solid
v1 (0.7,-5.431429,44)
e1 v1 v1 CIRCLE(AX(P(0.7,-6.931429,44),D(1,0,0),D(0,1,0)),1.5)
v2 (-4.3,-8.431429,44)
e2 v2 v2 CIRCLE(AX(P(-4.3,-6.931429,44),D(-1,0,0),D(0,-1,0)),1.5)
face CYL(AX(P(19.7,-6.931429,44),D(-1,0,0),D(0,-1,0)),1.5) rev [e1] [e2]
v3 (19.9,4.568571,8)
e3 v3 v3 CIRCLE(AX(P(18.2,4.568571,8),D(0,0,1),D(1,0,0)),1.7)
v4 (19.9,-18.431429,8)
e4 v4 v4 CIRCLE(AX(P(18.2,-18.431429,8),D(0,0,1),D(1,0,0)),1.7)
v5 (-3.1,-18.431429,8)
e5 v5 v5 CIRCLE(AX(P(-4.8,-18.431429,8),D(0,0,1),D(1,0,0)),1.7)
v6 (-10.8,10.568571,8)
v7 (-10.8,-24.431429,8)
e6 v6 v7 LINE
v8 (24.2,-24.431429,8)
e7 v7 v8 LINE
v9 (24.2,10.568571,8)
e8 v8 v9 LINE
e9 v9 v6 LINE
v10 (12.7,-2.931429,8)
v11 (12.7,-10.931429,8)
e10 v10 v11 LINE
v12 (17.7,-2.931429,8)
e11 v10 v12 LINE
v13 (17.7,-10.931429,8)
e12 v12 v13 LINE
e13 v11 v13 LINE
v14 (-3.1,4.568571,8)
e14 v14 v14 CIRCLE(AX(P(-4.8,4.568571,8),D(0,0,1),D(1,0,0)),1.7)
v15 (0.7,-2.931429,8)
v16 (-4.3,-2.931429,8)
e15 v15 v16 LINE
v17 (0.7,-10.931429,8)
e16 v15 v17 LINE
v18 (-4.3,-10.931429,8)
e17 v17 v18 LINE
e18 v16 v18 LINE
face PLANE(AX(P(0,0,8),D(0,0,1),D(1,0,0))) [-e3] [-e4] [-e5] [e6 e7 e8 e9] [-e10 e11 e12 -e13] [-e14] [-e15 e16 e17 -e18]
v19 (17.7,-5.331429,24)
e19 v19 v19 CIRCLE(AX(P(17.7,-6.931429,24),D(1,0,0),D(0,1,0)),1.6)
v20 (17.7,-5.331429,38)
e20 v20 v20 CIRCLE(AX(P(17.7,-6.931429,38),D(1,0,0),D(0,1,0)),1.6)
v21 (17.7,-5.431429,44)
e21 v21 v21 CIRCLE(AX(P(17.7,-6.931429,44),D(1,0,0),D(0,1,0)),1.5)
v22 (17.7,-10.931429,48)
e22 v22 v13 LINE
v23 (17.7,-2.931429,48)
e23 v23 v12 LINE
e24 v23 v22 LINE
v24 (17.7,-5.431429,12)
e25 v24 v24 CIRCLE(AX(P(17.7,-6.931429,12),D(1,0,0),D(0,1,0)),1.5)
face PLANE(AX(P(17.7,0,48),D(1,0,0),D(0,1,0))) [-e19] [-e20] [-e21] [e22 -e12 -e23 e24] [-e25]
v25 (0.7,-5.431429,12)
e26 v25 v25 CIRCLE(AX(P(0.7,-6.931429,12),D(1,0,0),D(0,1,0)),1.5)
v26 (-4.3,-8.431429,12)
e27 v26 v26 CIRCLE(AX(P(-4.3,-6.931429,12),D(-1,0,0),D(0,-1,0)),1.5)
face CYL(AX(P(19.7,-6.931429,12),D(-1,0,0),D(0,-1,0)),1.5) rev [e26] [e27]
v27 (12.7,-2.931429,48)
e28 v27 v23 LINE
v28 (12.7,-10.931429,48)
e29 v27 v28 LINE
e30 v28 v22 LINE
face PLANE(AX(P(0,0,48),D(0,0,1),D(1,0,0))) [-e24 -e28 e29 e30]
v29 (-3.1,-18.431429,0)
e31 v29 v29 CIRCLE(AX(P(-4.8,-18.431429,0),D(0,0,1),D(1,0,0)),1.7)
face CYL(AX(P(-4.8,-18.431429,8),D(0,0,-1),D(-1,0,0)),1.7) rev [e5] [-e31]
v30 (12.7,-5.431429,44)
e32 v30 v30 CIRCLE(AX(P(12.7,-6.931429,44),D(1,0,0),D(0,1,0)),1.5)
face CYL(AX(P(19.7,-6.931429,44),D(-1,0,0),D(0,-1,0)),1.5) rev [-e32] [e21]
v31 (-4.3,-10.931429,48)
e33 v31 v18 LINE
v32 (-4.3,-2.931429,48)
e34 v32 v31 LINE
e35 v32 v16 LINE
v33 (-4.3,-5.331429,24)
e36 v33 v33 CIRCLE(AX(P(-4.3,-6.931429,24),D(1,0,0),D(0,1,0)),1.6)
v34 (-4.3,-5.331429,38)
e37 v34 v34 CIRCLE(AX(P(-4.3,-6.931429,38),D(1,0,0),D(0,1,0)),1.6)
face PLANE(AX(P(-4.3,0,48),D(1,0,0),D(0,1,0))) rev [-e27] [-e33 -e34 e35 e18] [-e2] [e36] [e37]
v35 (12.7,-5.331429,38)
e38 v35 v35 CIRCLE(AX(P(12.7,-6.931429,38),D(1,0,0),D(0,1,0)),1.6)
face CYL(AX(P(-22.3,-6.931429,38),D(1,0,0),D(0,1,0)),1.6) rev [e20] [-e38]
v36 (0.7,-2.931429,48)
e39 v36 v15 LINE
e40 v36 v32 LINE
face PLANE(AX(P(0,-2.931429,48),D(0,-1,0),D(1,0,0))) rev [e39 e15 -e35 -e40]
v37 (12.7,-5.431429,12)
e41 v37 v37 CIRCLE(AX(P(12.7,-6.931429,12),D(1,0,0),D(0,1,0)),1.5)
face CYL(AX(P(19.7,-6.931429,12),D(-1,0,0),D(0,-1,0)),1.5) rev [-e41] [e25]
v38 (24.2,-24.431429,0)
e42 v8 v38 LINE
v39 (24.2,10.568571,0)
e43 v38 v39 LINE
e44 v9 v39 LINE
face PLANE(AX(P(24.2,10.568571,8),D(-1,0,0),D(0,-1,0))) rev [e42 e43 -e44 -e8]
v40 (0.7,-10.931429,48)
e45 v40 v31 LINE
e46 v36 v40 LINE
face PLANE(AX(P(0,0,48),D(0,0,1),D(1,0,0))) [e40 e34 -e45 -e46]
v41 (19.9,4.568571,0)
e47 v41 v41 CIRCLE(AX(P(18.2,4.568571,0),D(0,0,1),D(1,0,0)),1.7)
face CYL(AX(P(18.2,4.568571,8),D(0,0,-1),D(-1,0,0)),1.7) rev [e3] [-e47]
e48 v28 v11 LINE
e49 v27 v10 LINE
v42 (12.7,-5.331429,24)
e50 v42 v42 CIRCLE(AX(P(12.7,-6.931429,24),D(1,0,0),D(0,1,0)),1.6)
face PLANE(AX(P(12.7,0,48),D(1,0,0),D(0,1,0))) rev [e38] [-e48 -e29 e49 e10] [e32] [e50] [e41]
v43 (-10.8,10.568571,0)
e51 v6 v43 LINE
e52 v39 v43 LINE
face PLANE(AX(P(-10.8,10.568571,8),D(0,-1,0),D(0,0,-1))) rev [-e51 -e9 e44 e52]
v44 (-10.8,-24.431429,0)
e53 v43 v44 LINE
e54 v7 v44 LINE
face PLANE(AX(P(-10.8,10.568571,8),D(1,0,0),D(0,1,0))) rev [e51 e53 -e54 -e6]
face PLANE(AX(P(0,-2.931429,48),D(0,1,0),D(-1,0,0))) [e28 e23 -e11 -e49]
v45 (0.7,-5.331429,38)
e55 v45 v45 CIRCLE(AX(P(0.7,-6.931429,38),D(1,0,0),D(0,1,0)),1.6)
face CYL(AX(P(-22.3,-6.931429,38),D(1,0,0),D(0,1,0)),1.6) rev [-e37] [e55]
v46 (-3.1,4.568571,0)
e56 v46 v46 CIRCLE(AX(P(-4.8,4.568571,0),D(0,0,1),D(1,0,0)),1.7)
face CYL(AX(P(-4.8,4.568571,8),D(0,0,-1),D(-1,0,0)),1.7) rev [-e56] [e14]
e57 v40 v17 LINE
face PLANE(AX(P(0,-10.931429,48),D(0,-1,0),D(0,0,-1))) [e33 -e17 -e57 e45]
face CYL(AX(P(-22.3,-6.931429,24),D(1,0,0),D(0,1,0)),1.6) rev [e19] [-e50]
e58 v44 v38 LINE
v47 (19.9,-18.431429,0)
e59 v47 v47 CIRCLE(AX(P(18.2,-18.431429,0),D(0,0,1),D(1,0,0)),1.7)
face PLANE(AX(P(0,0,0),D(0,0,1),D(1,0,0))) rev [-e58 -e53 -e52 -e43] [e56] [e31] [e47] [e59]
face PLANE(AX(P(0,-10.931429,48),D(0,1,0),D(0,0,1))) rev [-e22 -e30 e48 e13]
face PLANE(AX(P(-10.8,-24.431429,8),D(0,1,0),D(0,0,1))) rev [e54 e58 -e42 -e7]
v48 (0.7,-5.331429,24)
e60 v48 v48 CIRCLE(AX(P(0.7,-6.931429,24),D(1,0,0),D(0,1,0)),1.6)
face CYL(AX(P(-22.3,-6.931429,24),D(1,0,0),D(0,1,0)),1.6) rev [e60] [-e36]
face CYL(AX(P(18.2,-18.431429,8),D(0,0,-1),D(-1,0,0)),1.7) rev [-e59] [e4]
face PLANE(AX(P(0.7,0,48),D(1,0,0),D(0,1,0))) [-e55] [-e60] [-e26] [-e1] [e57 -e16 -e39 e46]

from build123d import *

# Parameters (mm, degrees)
SKETCH_1_W          = 35
SKETCH_1_H          = 35
SKETCH_1_R          = 1.7
EXTRUDE_1_DEPTH     = 8
SKETCH_2_W          = 5
SKETCH_2_H          = 8
EXTRUDE_2_DEPTH     = 40
SKETCH_3_R          = 1.6
CUT_EXTRUDE_1_DEPTH = 40
CUT_EXTRUDE_2_DEPTH = 24


with BuildPart() as part:
    # 草图1 → 凸台-拉伸1 (new body)
    with BuildSketch(Plane.XY):
        with Locations((6.7, -6.931428571)):
            Rectangle(SKETCH_1_W, SKETCH_1_H)
        with Locations((-4.8, 4.568571429)):
            Circle(SKETCH_1_R, mode=Mode.SUBTRACT)
        with Locations((18.2, 4.568571429)):
            Circle(SKETCH_1_R, mode=Mode.SUBTRACT)
        with Locations((-4.8, -18.431428571)):
            Circle(SKETCH_1_R, mode=Mode.SUBTRACT)
        with Locations((18.2, -18.431428571)):
            Circle(SKETCH_1_R, mode=Mode.SUBTRACT)
    extrude(amount=EXTRUDE_1_DEPTH)

    # 草图2 → 凸台-拉伸2 (add)
    with BuildSketch(Plane.XY.offset(8)):
        with Locations((-1.8, -6.931428571)):
            Rectangle(SKETCH_2_W, SKETCH_2_H)
        with Locations((15.2, -6.931428571)):
            Rectangle(SKETCH_2_W, SKETCH_2_H)
    extrude(amount=EXTRUDE_2_DEPTH)

    # 草图3 → 切除-拉伸1 (cut)
    with BuildSketch(Plane(origin=(17.7, 0, 0), x_dir=(0, 0, -1), z_dir=(1, 0, 0))):
        with Locations(Location((-38, -6.931428571, 0), (0, 0, 90))):
            Circle(SKETCH_3_R)
        with Locations(Location((-24, -6.931428571, 0), (0, 0, 90))):
            Circle(SKETCH_3_R)
    extrude(amount=-CUT_EXTRUDE_1_DEPTH, mode=Mode.SUBTRACT)

    # 草图5 → 切除-拉伸2 (cut)
    with BuildSketch(Plane.ZY.offset(4.3)):
        with BuildLine():
            Line((10.5, -6.931428571), (12, -6.931428571))
            Line((12, -6.931428571), (13.5, -6.931428571))
            ThreePointArc((13.5, -6.931428571), (12, -5.431428571), (10.5, -6.931428571))
        make_face()
        with BuildLine():
            Line((13.5, -6.931428571), (12, -6.931428571))
            Line((12, -6.931428571), (10.5, -6.931428571))
            ThreePointArc((10.5, -6.931428571), (12, -8.431428571), (13.5, -6.931428571))
        make_face()
        with BuildLine():
            ThreePointArc((45.5, -6.931428571), (44, -5.431428571), (42.5, -6.931428571))
            Line((42.5, -6.931428571), (44, -6.931428571))
            Line((44, -6.931428571), (45.5, -6.931428571))
        make_face()
        with BuildLine():
            Line((44, -6.931428571), (42.5, -6.931428571))
            ThreePointArc((42.5, -6.931428571), (44, -8.431428571), (45.5, -6.931428571))
            Line((45.5, -6.931428571), (44, -6.931428571))
        make_face()
    extrude(amount=-CUT_EXTRUDE_2_DEPTH, mode=Mode.SUBTRACT)


solid = part.part
